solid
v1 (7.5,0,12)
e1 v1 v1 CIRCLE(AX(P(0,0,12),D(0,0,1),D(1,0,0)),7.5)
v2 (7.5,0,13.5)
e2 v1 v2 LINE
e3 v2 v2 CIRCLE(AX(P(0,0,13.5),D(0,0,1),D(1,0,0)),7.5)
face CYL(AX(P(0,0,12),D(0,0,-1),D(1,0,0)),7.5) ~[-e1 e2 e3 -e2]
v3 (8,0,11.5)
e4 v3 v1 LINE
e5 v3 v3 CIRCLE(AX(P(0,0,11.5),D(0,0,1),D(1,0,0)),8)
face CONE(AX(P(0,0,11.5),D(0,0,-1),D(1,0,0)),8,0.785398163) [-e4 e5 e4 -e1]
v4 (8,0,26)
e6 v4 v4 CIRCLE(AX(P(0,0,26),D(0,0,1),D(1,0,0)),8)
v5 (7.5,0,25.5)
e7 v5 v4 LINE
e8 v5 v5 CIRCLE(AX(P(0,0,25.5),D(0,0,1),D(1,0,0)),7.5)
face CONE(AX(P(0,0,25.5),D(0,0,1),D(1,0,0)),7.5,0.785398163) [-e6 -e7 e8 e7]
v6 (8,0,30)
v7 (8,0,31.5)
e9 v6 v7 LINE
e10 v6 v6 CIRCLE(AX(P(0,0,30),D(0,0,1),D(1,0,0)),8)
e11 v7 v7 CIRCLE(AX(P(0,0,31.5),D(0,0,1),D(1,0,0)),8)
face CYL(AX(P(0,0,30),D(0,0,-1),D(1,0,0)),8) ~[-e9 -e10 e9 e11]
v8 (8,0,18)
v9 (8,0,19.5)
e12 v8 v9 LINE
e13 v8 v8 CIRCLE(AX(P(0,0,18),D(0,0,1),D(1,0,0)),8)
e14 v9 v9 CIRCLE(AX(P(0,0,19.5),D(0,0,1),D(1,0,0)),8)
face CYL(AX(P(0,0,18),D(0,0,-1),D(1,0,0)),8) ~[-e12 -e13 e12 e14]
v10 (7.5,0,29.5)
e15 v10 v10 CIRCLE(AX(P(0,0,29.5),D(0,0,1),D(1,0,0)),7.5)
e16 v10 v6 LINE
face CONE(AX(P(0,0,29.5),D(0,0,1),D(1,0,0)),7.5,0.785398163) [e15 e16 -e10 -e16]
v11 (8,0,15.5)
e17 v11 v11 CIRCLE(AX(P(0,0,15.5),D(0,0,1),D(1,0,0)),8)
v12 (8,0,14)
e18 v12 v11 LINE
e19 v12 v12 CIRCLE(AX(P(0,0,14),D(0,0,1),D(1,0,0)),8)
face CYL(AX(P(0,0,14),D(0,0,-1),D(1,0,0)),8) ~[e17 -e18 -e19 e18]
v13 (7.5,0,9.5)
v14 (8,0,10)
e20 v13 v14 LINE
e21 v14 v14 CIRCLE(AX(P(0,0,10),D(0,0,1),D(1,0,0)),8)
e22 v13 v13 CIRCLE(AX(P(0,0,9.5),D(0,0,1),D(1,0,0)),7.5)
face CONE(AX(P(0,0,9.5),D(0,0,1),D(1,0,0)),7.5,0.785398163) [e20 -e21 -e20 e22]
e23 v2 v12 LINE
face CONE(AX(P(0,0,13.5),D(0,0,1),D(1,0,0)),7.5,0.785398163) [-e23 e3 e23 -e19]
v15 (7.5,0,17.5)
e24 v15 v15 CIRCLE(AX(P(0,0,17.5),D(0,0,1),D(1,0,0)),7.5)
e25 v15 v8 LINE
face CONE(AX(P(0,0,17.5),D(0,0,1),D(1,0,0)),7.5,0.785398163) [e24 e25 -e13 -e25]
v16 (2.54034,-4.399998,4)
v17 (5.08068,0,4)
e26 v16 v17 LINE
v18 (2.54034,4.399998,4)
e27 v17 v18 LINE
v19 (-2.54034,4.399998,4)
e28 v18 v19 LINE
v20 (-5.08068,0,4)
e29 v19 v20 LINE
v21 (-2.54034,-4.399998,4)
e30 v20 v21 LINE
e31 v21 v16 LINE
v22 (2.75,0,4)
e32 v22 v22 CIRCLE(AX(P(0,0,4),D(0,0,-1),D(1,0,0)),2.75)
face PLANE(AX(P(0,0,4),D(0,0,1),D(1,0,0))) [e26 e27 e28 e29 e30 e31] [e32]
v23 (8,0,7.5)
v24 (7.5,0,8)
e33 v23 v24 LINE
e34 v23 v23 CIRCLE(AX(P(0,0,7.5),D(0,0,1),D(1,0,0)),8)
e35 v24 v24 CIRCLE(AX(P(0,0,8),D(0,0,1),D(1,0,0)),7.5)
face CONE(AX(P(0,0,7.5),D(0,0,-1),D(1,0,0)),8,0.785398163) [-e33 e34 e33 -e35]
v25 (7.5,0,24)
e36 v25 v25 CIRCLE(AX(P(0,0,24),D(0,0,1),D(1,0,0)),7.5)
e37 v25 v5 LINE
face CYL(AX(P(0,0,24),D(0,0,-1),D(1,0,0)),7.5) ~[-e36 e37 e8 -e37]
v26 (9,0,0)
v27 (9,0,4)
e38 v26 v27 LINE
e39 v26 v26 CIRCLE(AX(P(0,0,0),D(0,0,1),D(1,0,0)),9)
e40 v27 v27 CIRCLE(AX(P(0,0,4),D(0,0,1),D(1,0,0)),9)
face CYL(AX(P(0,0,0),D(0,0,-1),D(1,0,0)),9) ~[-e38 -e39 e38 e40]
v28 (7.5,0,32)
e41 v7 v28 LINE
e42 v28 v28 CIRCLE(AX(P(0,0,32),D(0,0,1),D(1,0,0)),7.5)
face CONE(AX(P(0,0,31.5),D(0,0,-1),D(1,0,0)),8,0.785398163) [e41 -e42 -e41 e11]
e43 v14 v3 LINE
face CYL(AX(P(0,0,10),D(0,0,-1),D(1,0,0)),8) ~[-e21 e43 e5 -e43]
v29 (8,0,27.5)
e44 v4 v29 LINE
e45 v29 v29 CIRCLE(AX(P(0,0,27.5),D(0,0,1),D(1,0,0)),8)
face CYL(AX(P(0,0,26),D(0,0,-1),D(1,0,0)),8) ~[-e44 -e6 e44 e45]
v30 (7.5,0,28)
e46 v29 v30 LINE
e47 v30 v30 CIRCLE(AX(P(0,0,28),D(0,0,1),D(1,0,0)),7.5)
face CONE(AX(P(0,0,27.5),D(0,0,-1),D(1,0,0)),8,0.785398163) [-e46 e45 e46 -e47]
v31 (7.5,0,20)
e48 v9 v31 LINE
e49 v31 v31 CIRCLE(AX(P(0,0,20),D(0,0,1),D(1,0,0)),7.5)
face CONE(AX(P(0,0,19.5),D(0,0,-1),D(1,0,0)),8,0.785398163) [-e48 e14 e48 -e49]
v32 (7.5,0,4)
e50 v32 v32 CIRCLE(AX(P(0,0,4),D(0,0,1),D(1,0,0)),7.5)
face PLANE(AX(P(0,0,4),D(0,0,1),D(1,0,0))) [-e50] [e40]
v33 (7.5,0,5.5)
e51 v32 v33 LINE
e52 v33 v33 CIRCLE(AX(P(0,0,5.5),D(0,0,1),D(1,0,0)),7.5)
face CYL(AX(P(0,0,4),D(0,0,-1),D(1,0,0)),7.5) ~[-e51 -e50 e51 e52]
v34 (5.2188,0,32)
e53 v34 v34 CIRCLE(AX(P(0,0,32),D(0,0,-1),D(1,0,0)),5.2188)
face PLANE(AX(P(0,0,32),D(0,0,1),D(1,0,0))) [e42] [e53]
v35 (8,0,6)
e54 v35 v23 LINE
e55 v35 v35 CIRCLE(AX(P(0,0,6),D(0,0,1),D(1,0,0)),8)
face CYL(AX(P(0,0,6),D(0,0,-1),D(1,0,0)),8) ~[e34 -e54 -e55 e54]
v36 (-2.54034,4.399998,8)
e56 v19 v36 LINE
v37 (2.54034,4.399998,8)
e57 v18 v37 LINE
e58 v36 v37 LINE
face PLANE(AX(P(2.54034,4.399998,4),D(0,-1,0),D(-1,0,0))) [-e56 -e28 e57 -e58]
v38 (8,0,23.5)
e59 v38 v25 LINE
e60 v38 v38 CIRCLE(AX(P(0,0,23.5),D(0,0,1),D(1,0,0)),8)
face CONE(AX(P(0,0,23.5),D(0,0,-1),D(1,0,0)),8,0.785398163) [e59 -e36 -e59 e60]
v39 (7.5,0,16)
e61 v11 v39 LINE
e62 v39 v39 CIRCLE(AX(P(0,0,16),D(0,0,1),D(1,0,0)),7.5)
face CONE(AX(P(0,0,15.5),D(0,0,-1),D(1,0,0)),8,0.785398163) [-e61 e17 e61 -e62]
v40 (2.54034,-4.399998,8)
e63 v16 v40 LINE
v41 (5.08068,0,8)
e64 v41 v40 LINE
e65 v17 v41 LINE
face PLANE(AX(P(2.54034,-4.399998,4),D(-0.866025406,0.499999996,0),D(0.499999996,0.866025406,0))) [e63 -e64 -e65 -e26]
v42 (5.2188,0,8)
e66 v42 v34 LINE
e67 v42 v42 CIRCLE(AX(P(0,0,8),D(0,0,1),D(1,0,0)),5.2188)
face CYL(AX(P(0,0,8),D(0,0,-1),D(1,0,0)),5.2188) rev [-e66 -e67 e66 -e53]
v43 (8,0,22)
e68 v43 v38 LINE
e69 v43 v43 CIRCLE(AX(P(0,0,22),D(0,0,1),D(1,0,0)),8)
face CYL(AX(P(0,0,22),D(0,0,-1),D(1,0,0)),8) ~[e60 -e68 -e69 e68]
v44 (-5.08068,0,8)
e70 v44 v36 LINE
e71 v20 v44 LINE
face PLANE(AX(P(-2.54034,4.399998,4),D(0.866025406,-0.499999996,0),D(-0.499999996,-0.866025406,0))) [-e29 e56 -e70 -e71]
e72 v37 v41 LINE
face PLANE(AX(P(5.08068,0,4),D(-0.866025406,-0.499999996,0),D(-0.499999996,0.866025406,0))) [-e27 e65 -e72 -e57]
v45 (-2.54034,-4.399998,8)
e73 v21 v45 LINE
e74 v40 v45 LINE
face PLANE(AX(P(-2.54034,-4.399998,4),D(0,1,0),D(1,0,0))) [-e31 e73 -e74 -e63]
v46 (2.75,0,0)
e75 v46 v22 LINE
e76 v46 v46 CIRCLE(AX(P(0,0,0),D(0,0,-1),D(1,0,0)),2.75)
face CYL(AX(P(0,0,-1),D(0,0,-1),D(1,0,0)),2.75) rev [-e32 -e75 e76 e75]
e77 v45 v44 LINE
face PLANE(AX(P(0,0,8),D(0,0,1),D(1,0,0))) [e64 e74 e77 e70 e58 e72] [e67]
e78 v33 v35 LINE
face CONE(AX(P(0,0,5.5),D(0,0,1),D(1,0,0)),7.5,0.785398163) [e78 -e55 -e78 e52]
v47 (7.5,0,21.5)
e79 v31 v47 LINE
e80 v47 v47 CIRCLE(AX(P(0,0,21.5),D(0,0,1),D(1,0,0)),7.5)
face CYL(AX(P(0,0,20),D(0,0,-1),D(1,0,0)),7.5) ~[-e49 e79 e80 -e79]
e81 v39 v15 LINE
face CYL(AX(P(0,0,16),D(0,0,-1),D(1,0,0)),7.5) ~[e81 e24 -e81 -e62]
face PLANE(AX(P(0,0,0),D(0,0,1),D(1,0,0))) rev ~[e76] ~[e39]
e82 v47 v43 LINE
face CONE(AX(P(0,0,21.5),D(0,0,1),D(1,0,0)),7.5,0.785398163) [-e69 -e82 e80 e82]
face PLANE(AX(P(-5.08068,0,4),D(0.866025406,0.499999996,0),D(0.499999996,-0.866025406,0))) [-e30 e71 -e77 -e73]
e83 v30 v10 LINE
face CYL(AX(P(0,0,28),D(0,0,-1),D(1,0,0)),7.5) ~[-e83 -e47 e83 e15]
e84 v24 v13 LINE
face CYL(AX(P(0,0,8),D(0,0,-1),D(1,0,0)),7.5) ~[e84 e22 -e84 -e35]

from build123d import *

# Parameters (mm, degrees)
PRISM_DEPTH       = 31
CYLINDER030_R     = 2.75
CYLINDER030_DEPTH = 6
CYLINDER029_R     = 5.2188
CYLINDER029_DEPTH = 31
CYLINDER007_R     = 8
CYLINDER007_DEPTH = 1.5
CYLINDER005_R     = 7.5
CYLINDER005_DEPTH = 2
CYLINDER011_R     = 8
CYLINDER011_DEPTH = 1.5
CYLINDER009_R     = 7.5
CYLINDER009_DEPTH = 2
CYLINDER015_R     = 8
CYLINDER015_DEPTH = 1.5
CYLINDER013_R     = 7.5
CYLINDER013_DEPTH = 2
CYLINDER019_R     = 8
CYLINDER019_DEPTH = 1.5
CYLINDER017_R     = 7.5
CYLINDER017_DEPTH = 2
CYLINDER023_R     = 8
CYLINDER023_DEPTH = 1.5
CYLINDER021_R     = 7.5
CYLINDER021_DEPTH = 2
CYLINDER027_R     = 8
CYLINDER027_DEPTH = 1.5
CYLINDER025_R     = 7.5
CYLINDER025_DEPTH = 2
CYLINDER003_R     = 8
CYLINDER003_DEPTH = 1.5
CYLINDER001_R     = 7.5
CYLINDER001_DEPTH = 2
CYLINDER_R        = 9
CYLINDER_DEPTH    = 4


with BuildPart() as prism:
    # prism → prism (new body)
    with BuildSketch(Plane.XY.offset(4)):
        Polygon((5.08068, 0), (2.54034, 4.399998), (-2.54034, 4.399998), (-5.08068, 0), (-2.54034, -4.399998), (2.54034, -4.399998), align=None)
    extrude(amount=PRISM_DEPTH)


with BuildPart() as cylinder030:
    # cylinder030 → cylinder030 (new body)
    with BuildSketch(Plane.XY.offset(-1)):
        Circle(CYLINDER030_R)
    extrude(amount=CYLINDER030_DEPTH)


with BuildPart() as union001:
    # cylinder029 → cylinder029 (new body)
    with BuildSketch(Plane.XY.offset(8)):
        Circle(CYLINDER029_R)
    extrude(amount=CYLINDER029_DEPTH)

    # union001: union prism, cylinder030
    add(prism.part)
    add(cylinder030.part)


with BuildPart() as cylinder006:
    # cylinder006 → cylinder006 (revolve)
    with BuildSketch(Plane(origin=(0, 0, 1.5), x_dir=(1, 0, 0), z_dir=(0, -1, 0))):
        Polygon((0, 0), (7.5, 0), (8, 0.5), (0, 0.5), align=None)
    revolve(axis=Axis((0, 0, 1.5), (0, 0, 1)))


with BuildPart() as cylinder007:
    # cylinder007 → cylinder007 (new body)
    with BuildSketch(Plane.XY.offset(2)):
        Circle(CYLINDER007_R)
    extrude(amount=CYLINDER007_DEPTH)


with BuildPart() as cylinder008:
    # cylinder008 → cylinder008 (revolve)
    with BuildSketch(Plane(origin=(0, 0, 3.5), x_dir=(1, 0, 0), z_dir=(0, -1, 0))):
        Polygon((0, 0), (8, 0), (7.5, 0.5), (0, 0.5), align=None)
    revolve(axis=Axis((0, 0, 3.5), (0, 0, 1)))


with BuildPart() as matrix_union001:
    # cylinder005 → cylinder005 (new body)
    with BuildSketch(Plane.XY):
        Circle(CYLINDER005_R)
    extrude(amount=CYLINDER005_DEPTH)

    # Matrix_Union001: union cylinder006, cylinder007, cylinder008
    add(cylinder006.part)
    add(cylinder007.part)
    add(cylinder008.part)


with BuildPart() as matrix_union001_1:
    # Matrix_Union001 placement: moved
    add(matrix_union001.part.moved(Location((0, 0, 4))))


with BuildPart() as cylinder010:
    # cylinder010 → cylinder010 (revolve)
    with BuildSketch(Plane(origin=(0, 0, 1.5), x_dir=(1, 0, 0), z_dir=(0, -1, 0))):
        Polygon((0, 0), (7.5, 0), (8, 0.5), (0, 0.5), align=None)
    revolve(axis=Axis((0, 0, 1.5), (0, 0, 1)))


with BuildPart() as cylinder011:
    # cylinder011 → cylinder011 (new body)
    with BuildSketch(Plane.XY.offset(2)):
        Circle(CYLINDER011_R)
    extrude(amount=CYLINDER011_DEPTH)


with BuildPart() as cylinder012:
    # cylinder012 → cylinder012 (revolve)
    with BuildSketch(Plane(origin=(0, 0, 3.5), x_dir=(1, 0, 0), z_dir=(0, -1, 0))):
        Polygon((0, 0), (8, 0), (7.5, 0.5), (0, 0.5), align=None)
    revolve(axis=Axis((0, 0, 3.5), (0, 0, 1)))


with BuildPart() as matrix_union002:
    # cylinder009 → cylinder009 (new body)
    with BuildSketch(Plane.XY):
        Circle(CYLINDER009_R)
    extrude(amount=CYLINDER009_DEPTH)

    # Matrix_Union002: union cylinder010, cylinder011, cylinder012
    add(cylinder010.part)
    add(cylinder011.part)
    add(cylinder012.part)


with BuildPart() as matrix_union002_1:
    # Matrix_Union002 placement: moved
    add(matrix_union002.part.moved(Location((0, 0, 8))))


with BuildPart() as cylinder014:
    # cylinder014 → cylinder014 (revolve)
    with BuildSketch(Plane(origin=(0, 0, 1.5), x_dir=(1, 0, 0), z_dir=(0, -1, 0))):
        Polygon((0, 0), (7.5, 0), (8, 0.5), (0, 0.5), align=None)
    revolve(axis=Axis((0, 0, 1.5), (0, 0, 1)))


with BuildPart() as cylinder015:
    # cylinder015 → cylinder015 (new body)
    with BuildSketch(Plane.XY.offset(2)):
        Circle(CYLINDER015_R)
    extrude(amount=CYLINDER015_DEPTH)


with BuildPart() as cylinder016:
    # cylinder016 → cylinder016 (revolve)
    with BuildSketch(Plane(origin=(0, 0, 3.5), x_dir=(1, 0, 0), z_dir=(0, -1, 0))):
        Polygon((0, 0), (8, 0), (7.5, 0.5), (0, 0.5), align=None)
    revolve(axis=Axis((0, 0, 3.5), (0, 0, 1)))


with BuildPart() as matrix_union003:
    # cylinder013 → cylinder013 (new body)
    with BuildSketch(Plane.XY):
        Circle(CYLINDER013_R)
    extrude(amount=CYLINDER013_DEPTH)

    # Matrix_Union003: union cylinder014, cylinder015, cylinder016
    add(cylinder014.part)
    add(cylinder015.part)
    add(cylinder016.part)


with BuildPart() as matrix_union003_1:
    # Matrix_Union003 placement: moved
    add(matrix_union003.part.moved(Location((0, 0, 12))))


with BuildPart() as cylinder018:
    # cylinder018 → cylinder018 (revolve)
    with BuildSketch(Plane(origin=(0, 0, 1.5), x_dir=(1, 0, 0), z_dir=(0, -1, 0))):
        Polygon((0, 0), (7.5, 0), (8, 0.5), (0, 0.5), align=None)
    revolve(axis=Axis((0, 0, 1.5), (0, 0, 1)))


with BuildPart() as cylinder019:
    # cylinder019 → cylinder019 (new body)
    with BuildSketch(Plane.XY.offset(2)):
        Circle(CYLINDER019_R)
    extrude(amount=CYLINDER019_DEPTH)


with BuildPart() as cylinder020:
    # cylinder020 → cylinder020 (revolve)
    with BuildSketch(Plane(origin=(0, 0, 3.5), x_dir=(1, 0, 0), z_dir=(0, -1, 0))):
        Polygon((0, 0), (8, 0), (7.5, 0.5), (0, 0.5), align=None)
    revolve(axis=Axis((0, 0, 3.5), (0, 0, 1)))


with BuildPart() as matrix_union004:
    # cylinder017 → cylinder017 (new body)
    with BuildSketch(Plane.XY):
        Circle(CYLINDER017_R)
    extrude(amount=CYLINDER017_DEPTH)

    # Matrix_Union004: union cylinder018, cylinder019, cylinder020
    add(cylinder018.part)
    add(cylinder019.part)
    add(cylinder020.part)


with BuildPart() as matrix_union004_1:
    # Matrix_Union004 placement: moved
    add(matrix_union004.part.moved(Location((0, 0, 16))))


with BuildPart() as cylinder022:
    # cylinder022 → cylinder022 (revolve)
    with BuildSketch(Plane(origin=(0, 0, 1.5), x_dir=(1, 0, 0), z_dir=(0, -1, 0))):
        Polygon((0, 0), (7.5, 0), (8, 0.5), (0, 0.5), align=None)
    revolve(axis=Axis((0, 0, 1.5), (0, 0, 1)))


with BuildPart() as cylinder023:
    # cylinder023 → cylinder023 (new body)
    with BuildSketch(Plane.XY.offset(2)):
        Circle(CYLINDER023_R)
    extrude(amount=CYLINDER023_DEPTH)


with BuildPart() as cylinder024:
    # cylinder024 → cylinder024 (revolve)
    with BuildSketch(Plane(origin=(0, 0, 3.5), x_dir=(1, 0, 0), z_dir=(0, -1, 0))):
        Polygon((0, 0), (8, 0), (7.5, 0.5), (0, 0.5), align=None)
    revolve(axis=Axis((0, 0, 3.5), (0, 0, 1)))


with BuildPart() as matrix_union005:
    # cylinder021 → cylinder021 (new body)
    with BuildSketch(Plane.XY):
        Circle(CYLINDER021_R)
    extrude(amount=CYLINDER021_DEPTH)

    # Matrix_Union005: union cylinder022, cylinder023, cylinder024
    add(cylinder022.part)
    add(cylinder023.part)
    add(cylinder024.part)


with BuildPart() as matrix_union005_1:
    # Matrix_Union005 placement: moved
    add(matrix_union005.part.moved(Location((0, 0, 20))))


with BuildPart() as cylinder026:
    # cylinder026 → cylinder026 (revolve)
    with BuildSketch(Plane(origin=(0, 0, 1.5), x_dir=(1, 0, 0), z_dir=(0, -1, 0))):
        Polygon((0, 0), (7.5, 0), (8, 0.5), (0, 0.5), align=None)
    revolve(axis=Axis((0, 0, 1.5), (0, 0, 1)))


with BuildPart() as cylinder027:
    # cylinder027 → cylinder027 (new body)
    with BuildSketch(Plane.XY.offset(2)):
        Circle(CYLINDER027_R)
    extrude(amount=CYLINDER027_DEPTH)


with BuildPart() as cylinder028:
    # cylinder028 → cylinder028 (revolve)
    with BuildSketch(Plane(origin=(0, 0, 3.5), x_dir=(1, 0, 0), z_dir=(0, -1, 0))):
        Polygon((0, 0), (8, 0), (7.5, 0.5), (0, 0.5), align=None)
    revolve(axis=Axis((0, 0, 3.5), (0, 0, 1)))


with BuildPart() as matrix_union006:
    # cylinder025 → cylinder025 (new body)
    with BuildSketch(Plane.XY):
        Circle(CYLINDER025_R)
    extrude(amount=CYLINDER025_DEPTH)

    # Matrix_Union006: union cylinder026, cylinder027, cylinder028
    add(cylinder026.part)
    add(cylinder027.part)
    add(cylinder028.part)


with BuildPart() as matrix_union006_1:
    # Matrix_Union006 placement: moved
    add(matrix_union006.part.moved(Location((0, 0, 24))))


with BuildPart() as cylinder002:
    # cylinder002 → cylinder002 (revolve)
    with BuildSketch(Plane(origin=(0, 0, 1.5), x_dir=(1, 0, 0), z_dir=(0, -1, 0))):
        Polygon((0, 0), (7.5, 0), (8, 0.5), (0, 0.5), align=None)
    revolve(axis=Axis((0, 0, 1.5), (0, 0, 1)))


with BuildPart() as cylinder003:
    # cylinder003 → cylinder003 (new body)
    with BuildSketch(Plane.XY.offset(2)):
        Circle(CYLINDER003_R)
    extrude(amount=CYLINDER003_DEPTH)


with BuildPart() as cylinder004:
    # cylinder004 → cylinder004 (revolve)
    with BuildSketch(Plane(origin=(0, 0, 3.5), x_dir=(1, 0, 0), z_dir=(0, -1, 0))):
        Polygon((0, 0), (8, 0), (7.5, 0.5), (0, 0.5), align=None)
    revolve(axis=Axis((0, 0, 3.5), (0, 0, 1)))


with BuildPart() as group003:
    # cylinder001 → cylinder001 (new body)
    with BuildSketch(Plane.XY):
        Circle(CYLINDER001_R)
    extrude(amount=CYLINDER001_DEPTH)

    # Matrix_Union: union cylinder002, cylinder003, cylinder004
    add(cylinder002.part)
    add(cylinder003.part)
    add(cylinder004.part)

    # Group003: union Matrix_Union001, Matrix_Union002, Matrix_Union003, Matrix_Union004, Matrix_Union005, Matrix_Union006
    add(matrix_union001_1.part)
    add(matrix_union002_1.part)
    add(matrix_union003_1.part)
    add(matrix_union004_1.part)
    add(matrix_union005_1.part)
    add(matrix_union006_1.part)


with BuildPart() as group003_1:
    # Group003 placement: moved
    add(group003.part.moved(Location((0, 0, 4))))


with BuildPart() as polebase:
    # cylinder → cylinder (new body)
    with BuildSketch(Plane.XY):
        Circle(CYLINDER_R)
    extrude(amount=CYLINDER_DEPTH)

    # union: union Group003
    add(group003_1.part)

    # difference: cut union001
    add(union001.part, mode=Mode.SUBTRACT)


solid = polebase.part
